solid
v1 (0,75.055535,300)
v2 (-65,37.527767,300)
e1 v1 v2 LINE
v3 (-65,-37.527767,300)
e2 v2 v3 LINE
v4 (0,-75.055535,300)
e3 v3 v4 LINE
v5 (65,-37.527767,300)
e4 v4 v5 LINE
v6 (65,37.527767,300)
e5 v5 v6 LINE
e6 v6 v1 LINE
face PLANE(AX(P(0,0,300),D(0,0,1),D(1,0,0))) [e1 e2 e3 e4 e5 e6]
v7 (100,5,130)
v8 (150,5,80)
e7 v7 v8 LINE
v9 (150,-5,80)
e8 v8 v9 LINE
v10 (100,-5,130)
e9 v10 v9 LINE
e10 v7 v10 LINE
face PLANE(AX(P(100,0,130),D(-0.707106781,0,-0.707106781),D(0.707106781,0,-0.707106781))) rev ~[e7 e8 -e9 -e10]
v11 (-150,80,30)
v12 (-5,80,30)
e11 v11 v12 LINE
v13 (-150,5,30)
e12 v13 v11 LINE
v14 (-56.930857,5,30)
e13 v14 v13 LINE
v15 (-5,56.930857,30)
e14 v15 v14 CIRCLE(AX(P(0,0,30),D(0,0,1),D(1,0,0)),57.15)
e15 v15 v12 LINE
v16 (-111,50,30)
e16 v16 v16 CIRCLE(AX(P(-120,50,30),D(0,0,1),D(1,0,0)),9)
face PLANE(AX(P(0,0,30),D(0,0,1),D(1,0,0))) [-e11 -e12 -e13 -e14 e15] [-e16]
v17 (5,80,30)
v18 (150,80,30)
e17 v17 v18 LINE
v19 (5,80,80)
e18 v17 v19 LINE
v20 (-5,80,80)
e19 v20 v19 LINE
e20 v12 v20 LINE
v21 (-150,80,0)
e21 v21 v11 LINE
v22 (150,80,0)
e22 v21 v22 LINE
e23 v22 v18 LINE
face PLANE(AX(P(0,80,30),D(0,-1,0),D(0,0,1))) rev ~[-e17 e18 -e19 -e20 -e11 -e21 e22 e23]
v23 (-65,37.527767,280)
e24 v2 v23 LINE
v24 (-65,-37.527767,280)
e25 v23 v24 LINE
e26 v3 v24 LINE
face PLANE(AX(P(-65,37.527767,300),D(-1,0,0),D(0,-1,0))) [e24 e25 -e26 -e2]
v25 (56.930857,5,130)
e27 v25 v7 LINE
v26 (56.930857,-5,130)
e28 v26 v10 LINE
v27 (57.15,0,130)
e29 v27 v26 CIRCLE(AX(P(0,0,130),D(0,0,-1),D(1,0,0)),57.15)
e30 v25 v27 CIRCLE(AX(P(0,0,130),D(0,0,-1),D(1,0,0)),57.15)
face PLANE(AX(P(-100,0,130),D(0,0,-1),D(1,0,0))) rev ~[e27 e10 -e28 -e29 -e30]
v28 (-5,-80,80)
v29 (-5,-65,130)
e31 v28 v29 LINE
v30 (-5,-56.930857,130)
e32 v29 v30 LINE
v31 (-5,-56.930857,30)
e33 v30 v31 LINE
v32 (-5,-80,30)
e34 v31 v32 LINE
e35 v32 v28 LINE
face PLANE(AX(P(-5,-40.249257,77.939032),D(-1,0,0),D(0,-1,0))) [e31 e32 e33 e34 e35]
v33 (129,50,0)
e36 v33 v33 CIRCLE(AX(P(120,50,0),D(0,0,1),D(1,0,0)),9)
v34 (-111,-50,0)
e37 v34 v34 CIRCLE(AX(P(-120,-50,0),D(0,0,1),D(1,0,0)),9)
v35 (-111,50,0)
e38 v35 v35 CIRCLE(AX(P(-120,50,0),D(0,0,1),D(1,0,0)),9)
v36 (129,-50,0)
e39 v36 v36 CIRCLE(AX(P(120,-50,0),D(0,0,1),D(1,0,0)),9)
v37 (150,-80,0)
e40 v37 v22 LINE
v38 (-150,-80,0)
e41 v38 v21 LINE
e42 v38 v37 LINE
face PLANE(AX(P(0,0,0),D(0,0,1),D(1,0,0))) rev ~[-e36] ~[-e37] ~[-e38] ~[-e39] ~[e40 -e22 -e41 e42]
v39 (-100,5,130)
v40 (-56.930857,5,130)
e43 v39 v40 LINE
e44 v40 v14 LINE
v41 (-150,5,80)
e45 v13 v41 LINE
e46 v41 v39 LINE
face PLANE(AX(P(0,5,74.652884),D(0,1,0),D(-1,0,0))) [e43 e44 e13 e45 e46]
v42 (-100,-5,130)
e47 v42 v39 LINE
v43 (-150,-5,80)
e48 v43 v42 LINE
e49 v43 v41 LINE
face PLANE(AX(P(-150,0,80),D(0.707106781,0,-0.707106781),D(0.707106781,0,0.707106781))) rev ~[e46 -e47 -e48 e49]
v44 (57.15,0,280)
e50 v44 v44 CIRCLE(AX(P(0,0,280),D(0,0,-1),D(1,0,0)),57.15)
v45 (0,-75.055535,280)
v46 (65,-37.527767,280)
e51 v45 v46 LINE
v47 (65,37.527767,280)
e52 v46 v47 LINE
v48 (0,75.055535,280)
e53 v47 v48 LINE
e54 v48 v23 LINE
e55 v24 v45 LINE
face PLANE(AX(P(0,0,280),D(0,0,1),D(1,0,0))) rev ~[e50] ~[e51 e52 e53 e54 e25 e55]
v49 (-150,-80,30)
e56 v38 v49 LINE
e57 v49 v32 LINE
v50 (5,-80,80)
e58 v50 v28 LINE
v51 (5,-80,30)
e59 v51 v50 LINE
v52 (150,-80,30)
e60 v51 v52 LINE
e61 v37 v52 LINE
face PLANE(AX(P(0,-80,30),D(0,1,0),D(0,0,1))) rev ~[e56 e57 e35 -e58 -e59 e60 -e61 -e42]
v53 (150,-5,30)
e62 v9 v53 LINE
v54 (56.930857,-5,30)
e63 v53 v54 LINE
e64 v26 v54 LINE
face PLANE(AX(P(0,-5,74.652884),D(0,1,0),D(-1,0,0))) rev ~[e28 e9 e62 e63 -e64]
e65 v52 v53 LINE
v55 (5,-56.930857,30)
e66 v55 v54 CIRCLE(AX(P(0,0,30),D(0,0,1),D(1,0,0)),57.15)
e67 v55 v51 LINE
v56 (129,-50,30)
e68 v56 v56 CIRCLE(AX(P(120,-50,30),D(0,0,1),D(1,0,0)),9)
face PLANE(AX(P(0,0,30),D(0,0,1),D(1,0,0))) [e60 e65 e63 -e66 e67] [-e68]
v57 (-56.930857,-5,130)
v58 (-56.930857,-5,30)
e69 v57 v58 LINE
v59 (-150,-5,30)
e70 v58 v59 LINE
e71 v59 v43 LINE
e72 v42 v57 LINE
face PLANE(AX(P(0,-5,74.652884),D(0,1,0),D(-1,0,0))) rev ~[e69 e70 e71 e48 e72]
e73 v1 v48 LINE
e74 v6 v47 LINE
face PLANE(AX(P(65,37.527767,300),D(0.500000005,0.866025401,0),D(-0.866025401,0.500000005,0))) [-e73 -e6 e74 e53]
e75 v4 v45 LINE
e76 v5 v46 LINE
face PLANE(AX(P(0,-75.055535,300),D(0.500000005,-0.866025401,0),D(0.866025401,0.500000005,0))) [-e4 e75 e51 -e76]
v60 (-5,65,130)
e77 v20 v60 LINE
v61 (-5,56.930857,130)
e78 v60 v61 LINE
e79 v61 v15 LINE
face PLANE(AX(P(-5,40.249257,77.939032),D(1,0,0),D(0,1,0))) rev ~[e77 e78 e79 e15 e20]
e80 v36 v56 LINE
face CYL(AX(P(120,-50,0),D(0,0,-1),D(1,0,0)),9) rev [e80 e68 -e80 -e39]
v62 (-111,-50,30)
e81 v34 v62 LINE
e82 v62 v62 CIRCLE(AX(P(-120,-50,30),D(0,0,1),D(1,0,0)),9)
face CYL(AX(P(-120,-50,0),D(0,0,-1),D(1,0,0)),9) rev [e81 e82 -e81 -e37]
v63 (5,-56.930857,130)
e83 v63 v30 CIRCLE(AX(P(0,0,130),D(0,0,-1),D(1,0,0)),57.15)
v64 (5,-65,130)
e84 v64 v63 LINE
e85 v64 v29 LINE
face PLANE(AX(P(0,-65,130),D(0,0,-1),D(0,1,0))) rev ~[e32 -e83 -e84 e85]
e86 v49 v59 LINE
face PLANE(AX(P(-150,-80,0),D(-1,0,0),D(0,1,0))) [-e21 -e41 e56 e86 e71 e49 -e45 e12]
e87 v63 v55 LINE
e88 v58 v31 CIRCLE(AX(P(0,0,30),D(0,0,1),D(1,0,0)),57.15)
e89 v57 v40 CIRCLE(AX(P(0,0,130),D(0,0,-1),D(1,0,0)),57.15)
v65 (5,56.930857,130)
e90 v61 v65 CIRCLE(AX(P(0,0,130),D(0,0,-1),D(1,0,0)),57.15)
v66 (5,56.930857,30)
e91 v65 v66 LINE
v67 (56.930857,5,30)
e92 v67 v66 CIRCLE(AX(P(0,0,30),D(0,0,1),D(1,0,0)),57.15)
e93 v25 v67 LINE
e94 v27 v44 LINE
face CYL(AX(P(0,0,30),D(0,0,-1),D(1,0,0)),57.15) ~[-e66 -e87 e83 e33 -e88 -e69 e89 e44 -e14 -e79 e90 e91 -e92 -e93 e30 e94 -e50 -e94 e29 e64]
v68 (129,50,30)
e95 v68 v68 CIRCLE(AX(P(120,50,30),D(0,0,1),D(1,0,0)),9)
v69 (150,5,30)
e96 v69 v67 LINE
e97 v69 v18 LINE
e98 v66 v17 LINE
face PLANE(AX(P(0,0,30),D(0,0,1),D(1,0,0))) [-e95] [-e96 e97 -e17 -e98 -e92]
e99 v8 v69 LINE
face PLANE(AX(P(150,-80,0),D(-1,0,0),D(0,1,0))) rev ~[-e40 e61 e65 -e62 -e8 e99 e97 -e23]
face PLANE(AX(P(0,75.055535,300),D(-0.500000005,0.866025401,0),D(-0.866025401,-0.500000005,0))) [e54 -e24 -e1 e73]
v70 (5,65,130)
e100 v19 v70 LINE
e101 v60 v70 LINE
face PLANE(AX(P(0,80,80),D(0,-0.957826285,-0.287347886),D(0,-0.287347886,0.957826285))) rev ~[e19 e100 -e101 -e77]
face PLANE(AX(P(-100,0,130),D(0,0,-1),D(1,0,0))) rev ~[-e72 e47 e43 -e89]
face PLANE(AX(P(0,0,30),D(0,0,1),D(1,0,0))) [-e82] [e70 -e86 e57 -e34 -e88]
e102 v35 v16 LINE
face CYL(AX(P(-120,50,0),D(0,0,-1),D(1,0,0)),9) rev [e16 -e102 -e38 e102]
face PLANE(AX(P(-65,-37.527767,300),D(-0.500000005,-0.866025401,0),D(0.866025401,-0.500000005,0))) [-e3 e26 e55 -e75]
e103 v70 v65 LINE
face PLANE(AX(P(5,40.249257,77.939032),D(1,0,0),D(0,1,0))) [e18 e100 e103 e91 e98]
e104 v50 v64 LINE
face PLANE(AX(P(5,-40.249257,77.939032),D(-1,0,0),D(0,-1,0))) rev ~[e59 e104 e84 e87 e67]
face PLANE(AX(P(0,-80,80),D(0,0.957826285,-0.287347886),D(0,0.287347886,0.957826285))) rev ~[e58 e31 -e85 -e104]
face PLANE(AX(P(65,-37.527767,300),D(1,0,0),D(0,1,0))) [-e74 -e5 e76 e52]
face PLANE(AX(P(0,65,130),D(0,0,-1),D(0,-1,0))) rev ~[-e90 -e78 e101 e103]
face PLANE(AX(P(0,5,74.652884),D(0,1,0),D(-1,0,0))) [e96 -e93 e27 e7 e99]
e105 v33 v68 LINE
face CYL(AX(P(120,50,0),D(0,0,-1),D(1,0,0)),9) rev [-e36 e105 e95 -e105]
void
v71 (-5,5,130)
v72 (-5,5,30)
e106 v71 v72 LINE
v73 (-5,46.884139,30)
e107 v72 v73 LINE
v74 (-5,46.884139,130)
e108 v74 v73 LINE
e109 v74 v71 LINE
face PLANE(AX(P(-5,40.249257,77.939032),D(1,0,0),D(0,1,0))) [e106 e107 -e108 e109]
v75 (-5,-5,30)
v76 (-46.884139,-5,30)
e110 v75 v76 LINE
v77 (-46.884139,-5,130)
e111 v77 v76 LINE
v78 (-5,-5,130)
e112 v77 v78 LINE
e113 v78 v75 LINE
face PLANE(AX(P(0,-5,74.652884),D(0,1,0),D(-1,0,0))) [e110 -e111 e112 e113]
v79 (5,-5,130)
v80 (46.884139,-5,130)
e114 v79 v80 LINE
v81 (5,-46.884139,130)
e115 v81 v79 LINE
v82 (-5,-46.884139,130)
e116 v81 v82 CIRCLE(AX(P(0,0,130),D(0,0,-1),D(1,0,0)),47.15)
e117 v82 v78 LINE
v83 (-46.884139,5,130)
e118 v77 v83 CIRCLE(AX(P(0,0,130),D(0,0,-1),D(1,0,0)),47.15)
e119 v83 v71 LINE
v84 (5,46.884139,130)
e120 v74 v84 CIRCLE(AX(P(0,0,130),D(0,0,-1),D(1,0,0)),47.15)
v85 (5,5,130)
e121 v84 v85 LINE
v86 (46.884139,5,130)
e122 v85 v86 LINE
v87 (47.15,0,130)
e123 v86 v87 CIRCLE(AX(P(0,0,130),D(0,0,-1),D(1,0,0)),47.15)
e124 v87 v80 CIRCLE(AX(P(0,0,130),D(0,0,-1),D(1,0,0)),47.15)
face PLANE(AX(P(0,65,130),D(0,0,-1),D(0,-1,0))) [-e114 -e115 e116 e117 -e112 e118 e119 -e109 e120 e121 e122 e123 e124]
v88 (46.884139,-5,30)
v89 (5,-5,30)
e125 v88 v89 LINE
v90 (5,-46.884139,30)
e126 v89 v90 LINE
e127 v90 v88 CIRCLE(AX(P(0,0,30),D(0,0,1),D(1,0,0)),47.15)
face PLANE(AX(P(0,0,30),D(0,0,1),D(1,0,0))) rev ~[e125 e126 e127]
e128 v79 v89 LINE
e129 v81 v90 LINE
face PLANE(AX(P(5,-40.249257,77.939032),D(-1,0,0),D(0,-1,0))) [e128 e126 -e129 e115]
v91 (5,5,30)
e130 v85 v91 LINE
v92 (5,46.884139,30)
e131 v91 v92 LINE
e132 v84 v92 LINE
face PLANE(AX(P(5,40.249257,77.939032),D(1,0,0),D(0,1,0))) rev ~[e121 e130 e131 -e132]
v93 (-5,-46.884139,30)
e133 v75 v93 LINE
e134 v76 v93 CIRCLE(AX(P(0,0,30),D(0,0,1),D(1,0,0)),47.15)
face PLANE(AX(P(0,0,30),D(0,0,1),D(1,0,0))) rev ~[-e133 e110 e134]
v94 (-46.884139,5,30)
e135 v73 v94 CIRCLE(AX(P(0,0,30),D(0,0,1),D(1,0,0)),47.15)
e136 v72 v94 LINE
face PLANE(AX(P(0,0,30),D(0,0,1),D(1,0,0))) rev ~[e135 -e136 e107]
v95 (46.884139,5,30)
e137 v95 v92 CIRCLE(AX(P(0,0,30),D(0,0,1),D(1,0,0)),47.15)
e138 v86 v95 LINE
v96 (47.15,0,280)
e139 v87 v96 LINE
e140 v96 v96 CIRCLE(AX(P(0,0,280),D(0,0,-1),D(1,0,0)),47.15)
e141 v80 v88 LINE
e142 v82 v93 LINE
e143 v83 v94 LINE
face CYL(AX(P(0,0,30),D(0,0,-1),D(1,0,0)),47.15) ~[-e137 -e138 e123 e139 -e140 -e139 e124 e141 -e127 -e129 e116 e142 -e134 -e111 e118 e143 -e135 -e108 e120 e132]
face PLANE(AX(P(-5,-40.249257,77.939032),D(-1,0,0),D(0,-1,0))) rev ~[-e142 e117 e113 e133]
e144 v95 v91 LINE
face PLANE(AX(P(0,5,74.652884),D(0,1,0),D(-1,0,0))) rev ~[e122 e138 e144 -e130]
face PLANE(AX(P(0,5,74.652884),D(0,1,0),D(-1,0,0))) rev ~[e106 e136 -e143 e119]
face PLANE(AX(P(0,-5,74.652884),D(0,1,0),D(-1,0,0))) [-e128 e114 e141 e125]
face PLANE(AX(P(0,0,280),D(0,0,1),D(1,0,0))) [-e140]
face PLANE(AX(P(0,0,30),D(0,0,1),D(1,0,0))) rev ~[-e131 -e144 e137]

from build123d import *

# Parameters (mm, degrees)
EXTRUDE004_DEPTH      = 20
EXTRUDE001_DEPTH      = 5
SKETCH002_R           = 57.15
SKETCH002_R_2         = 47.15
EXTRUDE002_DEPTH      = 270
EXTRUDE003_DEPTH      = 5
CLONE_PLACEMENT_ANGLE = 180
SKETCH_W              = 300
SKETCH_H              = 160
SKETCH_R              = 9
EXTRUDE_DEPTH         = 30


with BuildPart() as lastplatte:
    # Sketch004 (on Face26 of Fusion) → Extrude004 (new body)
    with BuildSketch(Plane.XY.offset(300)):
        Polygon((65, 37.527767), (0, 75.055535), (-65, 37.527767), (-65, -37.527767), (0, -75.055535), (65, -37.527767), align=None)
    extrude(amount=-EXTRUDE004_DEPTH)


with BuildPart() as steife1:
    # Sketch001 → Extrude001 (new body, symmetric)
    with BuildSketch(Plane.XZ):
        Polygon((150, 30), (-150, 30), (-150, 80), (-100, 130), (100, 130), (150, 80), align=None)
    extrude(amount=EXTRUDE001_DEPTH, both=True)


with BuildPart() as r114x10:
    # Sketch002 (on Face10 of Extrude) → Extrude002 (new body)
    with BuildSketch(Plane.XY.offset(30)):
        Circle(SKETCH002_R)
        Circle(SKETCH002_R_2, mode=Mode.SUBTRACT)
    extrude(amount=EXTRUDE002_DEPTH)


with BuildPart() as steife2:
    # Sketch003 → Extrude003 (new body, symmetric)
    with BuildSketch(Plane.YZ):
        Polygon((-80, 30), (-80, 80), (-65, 130), (-5, 130), (-5, 30), align=None)
    extrude(amount=EXTRUDE003_DEPTH, both=True)


with BuildPart() as steife003:
    # Clone base: copy of steife2
    add(steife2.part)


with BuildPart() as steife003_1:
    # Clone placement: moved
    add(steife003.part.rotate(Axis((0, 0, 0), (0, 0, 1)), CLONE_PLACEMENT_ANGLE))


with BuildPart() as fusion001:
    # Sketch → Extrude (new body)
    with BuildSketch(Plane.XY):
        Rectangle(SKETCH_W, SKETCH_H)
        with Locations((-120, 50)):
            Circle(SKETCH_R, mode=Mode.SUBTRACT)
        with Locations((120, 50)):
            Circle(SKETCH_R, mode=Mode.SUBTRACT)
        with Locations((120, -50)):
            Circle(SKETCH_R, mode=Mode.SUBTRACT)
        with Locations((-120, -50)):
            Circle(SKETCH_R, mode=Mode.SUBTRACT)
    extrude(amount=EXTRUDE_DEPTH)

    # Fusion: union steife1, R114x10, steife2, steife003
    add(steife1.part)
    add(r114x10.part)
    add(steife2.part)
    add(steife003_1.part)

    # Fusion001: union lastplatte
    add(lastplatte.part)


solid = fusion001.part
